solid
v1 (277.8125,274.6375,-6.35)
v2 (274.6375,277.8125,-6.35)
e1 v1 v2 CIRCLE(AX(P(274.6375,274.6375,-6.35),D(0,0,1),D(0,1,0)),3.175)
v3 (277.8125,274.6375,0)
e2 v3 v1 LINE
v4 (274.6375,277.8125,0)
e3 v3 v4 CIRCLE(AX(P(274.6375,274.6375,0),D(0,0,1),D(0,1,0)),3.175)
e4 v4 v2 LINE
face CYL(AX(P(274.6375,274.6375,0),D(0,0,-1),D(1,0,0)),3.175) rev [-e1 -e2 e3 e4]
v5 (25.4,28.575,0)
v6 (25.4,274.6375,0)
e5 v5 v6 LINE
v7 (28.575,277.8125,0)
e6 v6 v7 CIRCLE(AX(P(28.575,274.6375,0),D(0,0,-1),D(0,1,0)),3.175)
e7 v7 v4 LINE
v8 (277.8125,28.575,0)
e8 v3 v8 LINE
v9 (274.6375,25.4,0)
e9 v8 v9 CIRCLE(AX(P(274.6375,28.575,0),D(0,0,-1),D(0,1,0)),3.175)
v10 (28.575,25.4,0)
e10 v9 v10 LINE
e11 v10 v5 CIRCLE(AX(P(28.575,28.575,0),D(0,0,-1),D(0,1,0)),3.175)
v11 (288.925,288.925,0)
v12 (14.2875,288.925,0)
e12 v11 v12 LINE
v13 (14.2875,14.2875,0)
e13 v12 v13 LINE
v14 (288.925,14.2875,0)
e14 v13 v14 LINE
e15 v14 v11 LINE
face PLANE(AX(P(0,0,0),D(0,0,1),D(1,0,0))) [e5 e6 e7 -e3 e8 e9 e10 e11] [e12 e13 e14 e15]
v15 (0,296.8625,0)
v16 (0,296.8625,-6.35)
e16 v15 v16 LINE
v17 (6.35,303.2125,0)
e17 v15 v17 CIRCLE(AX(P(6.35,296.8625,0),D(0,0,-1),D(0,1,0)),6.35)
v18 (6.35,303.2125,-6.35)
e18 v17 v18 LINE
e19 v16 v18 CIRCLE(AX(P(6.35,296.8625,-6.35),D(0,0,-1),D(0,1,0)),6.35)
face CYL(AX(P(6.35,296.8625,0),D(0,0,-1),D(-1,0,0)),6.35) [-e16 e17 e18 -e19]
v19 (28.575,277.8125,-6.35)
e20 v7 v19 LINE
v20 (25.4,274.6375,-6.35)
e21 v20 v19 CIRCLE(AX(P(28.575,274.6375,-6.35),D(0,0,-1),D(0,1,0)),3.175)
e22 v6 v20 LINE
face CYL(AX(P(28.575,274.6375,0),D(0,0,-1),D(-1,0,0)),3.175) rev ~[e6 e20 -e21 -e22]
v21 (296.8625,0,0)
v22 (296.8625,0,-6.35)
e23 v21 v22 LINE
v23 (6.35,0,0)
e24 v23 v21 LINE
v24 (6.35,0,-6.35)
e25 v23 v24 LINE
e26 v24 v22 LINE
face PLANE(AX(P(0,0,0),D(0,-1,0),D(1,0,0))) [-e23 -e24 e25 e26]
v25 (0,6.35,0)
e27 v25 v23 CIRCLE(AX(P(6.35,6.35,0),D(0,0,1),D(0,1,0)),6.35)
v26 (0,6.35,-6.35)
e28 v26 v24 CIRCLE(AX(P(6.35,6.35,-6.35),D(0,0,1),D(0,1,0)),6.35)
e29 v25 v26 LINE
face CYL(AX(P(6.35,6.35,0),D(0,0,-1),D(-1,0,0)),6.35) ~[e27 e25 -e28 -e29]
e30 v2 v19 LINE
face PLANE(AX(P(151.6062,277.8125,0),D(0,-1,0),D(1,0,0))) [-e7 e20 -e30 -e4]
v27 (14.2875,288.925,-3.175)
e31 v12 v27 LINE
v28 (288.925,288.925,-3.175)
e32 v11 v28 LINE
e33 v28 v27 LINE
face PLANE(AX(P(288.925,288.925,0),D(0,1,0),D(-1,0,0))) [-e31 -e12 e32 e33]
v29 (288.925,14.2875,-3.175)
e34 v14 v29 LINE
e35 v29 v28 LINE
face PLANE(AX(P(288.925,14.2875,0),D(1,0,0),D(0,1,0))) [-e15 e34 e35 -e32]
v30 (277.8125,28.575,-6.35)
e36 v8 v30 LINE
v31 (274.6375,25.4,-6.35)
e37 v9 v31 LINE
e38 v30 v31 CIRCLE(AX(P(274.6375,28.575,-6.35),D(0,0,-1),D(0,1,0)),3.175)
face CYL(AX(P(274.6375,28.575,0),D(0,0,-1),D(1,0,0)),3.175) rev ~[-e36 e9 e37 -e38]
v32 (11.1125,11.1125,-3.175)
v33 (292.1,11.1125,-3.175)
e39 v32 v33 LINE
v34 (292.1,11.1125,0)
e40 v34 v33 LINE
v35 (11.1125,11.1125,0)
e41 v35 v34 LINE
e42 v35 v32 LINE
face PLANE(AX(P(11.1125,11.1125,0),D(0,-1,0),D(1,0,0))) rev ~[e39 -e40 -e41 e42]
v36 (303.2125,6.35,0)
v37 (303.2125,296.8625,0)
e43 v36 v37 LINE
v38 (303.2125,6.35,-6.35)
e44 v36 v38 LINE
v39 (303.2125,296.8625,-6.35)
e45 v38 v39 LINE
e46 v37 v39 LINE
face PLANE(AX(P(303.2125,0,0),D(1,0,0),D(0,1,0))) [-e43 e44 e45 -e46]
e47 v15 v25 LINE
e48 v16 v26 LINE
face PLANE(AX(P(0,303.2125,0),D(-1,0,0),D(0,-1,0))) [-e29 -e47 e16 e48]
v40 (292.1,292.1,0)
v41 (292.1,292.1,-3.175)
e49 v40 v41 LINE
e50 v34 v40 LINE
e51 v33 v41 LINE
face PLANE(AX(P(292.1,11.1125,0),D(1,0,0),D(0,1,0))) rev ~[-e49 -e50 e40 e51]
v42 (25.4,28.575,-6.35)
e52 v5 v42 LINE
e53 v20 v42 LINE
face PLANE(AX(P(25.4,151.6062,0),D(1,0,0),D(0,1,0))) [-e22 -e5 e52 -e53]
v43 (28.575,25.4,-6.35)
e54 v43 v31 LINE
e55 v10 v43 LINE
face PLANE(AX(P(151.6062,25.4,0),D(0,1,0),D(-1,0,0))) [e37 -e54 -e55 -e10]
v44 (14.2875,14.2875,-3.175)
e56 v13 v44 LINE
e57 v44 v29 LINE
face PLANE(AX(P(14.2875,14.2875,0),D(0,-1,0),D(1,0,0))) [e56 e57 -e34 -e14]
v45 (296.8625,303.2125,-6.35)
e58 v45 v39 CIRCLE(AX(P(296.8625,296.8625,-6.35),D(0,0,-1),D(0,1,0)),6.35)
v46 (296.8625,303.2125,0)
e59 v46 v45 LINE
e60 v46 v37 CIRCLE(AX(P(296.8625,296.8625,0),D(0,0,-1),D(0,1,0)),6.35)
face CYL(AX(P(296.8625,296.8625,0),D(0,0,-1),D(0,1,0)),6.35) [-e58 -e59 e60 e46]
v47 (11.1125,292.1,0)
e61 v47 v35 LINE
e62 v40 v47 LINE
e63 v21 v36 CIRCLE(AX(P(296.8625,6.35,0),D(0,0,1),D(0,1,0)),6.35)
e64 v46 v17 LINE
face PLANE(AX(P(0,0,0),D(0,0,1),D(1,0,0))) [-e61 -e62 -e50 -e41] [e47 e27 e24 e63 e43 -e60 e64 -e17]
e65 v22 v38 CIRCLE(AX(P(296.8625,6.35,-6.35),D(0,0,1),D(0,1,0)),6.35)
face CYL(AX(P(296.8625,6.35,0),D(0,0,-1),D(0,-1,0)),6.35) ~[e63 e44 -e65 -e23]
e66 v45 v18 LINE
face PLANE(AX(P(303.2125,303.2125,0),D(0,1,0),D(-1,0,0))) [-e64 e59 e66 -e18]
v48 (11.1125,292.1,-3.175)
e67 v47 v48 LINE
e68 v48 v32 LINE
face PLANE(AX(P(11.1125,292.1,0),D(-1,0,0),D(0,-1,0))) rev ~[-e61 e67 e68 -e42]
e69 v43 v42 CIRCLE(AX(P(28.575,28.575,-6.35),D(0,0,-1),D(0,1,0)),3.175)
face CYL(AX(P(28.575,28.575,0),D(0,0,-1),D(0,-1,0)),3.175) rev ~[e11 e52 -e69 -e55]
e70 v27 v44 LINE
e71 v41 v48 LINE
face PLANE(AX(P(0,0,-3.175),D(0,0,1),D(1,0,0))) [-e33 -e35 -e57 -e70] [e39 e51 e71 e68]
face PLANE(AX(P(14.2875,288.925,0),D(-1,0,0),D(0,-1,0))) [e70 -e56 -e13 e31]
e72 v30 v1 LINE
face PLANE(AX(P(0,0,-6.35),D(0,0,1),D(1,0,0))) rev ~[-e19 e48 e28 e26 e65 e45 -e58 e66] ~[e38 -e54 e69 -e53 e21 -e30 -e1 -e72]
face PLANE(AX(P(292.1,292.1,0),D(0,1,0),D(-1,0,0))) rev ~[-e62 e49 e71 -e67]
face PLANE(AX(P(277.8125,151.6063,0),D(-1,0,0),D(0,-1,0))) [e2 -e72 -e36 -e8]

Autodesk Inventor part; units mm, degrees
ref_plane "YZ Plane" through (0, 0, 0) normal (1, 0, 0) x (0, 1, 0)
ref_plane "XZ Plane" through (0, 0, 0) normal (0, 1, 0) x (-1, 0, 0)
ref_plane "XY Plane" through (0, 0, 0) normal (0, 0, 1) x (1, 0, 0)
sketch "Sketch1" plane through (0, 0, 0) normal (0, 0, 1) x (1, 0, 0)
  line L0 (0, 0) -> (303.2125, 0)
  line L1 (303.2125, 0) -> (303.2125, 303.2125)
  line L2 (303.2125, 303.2125) -> (0, 303.2125)
  line L3 (0, 303.2125) -> (0, 0)
  line L4 (25.4, 277.8125) -> (277.8125, 277.8125)
  line L5 (277.8125, 277.8125) -> (277.8125, 25.4)
  line L6 (277.8125, 25.4) -> (25.4, 25.4)
  line L7 (25.4, 25.4) -> (25.4, 277.8125)
  line L8 (25.4, 151.6062) -> (277.8125, 151.6063)
  line L9 (151.6062, 277.8125) -> (151.6062, 25.4)
  line L10 (292.1, 292.1) -> (11.1125, 292.1)
  line L11 (11.1125, 292.1) -> (11.1125, 11.1125)
  line L12 (11.1125, 11.1125) -> (292.1, 11.1125)
  line L13 (292.1, 11.1125) -> (292.1, 292.1)
  line L14 (288.925, 288.925) -> (14.2875, 288.925)
  line L15 (14.2875, 288.925) -> (14.2875, 14.2875)
  line L16 (14.2875, 14.2875) -> (288.925, 14.2875)
  line L17 (288.925, 14.2875) -> (288.925, 288.925)
  dimension "d0" = 303.2125
  dimension "d19" = 25.4
  dimension "d20" = 25.4
  dimension "d21" = 25.4
  dimension "d22" = 25.4
  dimension "d37" = 3.175
  dimension "d39" = 11.1125
  dimension "d40" = 11.1125
extrude "Extrusion1" add sketch "Sketch1" against normal blind 6.35 contours L3 L2 L1 L0 | L13 L12 L11 L10 | L17 L16 L15 L14
extrude "Extrusion2" cut sketch "Sketch1" against normal blind 3.175 contours L13 L12 L11 L10
fillet "Fillet1" radius 6.35 4 edges at (0, 303.2125, -3.175) (303.2125, 303.2125, -3.175) (0, 0, -3.175) (303.2125, 0, -3.175)
fillet "Fillet1" radius 3.175 4 edges at (277.8125, 25.4, -3.175) (277.8125, 277.8125, -3.175) (25.4, 277.8125, -3.175) (25.4, 25.4, -3.175)
equation "\"d20\" = d19"
equation "\"d21\" = d19"
equation "\"d22\" = d20"
equation "\"d39\" = d40"
properties material "Wood (Birch)"
